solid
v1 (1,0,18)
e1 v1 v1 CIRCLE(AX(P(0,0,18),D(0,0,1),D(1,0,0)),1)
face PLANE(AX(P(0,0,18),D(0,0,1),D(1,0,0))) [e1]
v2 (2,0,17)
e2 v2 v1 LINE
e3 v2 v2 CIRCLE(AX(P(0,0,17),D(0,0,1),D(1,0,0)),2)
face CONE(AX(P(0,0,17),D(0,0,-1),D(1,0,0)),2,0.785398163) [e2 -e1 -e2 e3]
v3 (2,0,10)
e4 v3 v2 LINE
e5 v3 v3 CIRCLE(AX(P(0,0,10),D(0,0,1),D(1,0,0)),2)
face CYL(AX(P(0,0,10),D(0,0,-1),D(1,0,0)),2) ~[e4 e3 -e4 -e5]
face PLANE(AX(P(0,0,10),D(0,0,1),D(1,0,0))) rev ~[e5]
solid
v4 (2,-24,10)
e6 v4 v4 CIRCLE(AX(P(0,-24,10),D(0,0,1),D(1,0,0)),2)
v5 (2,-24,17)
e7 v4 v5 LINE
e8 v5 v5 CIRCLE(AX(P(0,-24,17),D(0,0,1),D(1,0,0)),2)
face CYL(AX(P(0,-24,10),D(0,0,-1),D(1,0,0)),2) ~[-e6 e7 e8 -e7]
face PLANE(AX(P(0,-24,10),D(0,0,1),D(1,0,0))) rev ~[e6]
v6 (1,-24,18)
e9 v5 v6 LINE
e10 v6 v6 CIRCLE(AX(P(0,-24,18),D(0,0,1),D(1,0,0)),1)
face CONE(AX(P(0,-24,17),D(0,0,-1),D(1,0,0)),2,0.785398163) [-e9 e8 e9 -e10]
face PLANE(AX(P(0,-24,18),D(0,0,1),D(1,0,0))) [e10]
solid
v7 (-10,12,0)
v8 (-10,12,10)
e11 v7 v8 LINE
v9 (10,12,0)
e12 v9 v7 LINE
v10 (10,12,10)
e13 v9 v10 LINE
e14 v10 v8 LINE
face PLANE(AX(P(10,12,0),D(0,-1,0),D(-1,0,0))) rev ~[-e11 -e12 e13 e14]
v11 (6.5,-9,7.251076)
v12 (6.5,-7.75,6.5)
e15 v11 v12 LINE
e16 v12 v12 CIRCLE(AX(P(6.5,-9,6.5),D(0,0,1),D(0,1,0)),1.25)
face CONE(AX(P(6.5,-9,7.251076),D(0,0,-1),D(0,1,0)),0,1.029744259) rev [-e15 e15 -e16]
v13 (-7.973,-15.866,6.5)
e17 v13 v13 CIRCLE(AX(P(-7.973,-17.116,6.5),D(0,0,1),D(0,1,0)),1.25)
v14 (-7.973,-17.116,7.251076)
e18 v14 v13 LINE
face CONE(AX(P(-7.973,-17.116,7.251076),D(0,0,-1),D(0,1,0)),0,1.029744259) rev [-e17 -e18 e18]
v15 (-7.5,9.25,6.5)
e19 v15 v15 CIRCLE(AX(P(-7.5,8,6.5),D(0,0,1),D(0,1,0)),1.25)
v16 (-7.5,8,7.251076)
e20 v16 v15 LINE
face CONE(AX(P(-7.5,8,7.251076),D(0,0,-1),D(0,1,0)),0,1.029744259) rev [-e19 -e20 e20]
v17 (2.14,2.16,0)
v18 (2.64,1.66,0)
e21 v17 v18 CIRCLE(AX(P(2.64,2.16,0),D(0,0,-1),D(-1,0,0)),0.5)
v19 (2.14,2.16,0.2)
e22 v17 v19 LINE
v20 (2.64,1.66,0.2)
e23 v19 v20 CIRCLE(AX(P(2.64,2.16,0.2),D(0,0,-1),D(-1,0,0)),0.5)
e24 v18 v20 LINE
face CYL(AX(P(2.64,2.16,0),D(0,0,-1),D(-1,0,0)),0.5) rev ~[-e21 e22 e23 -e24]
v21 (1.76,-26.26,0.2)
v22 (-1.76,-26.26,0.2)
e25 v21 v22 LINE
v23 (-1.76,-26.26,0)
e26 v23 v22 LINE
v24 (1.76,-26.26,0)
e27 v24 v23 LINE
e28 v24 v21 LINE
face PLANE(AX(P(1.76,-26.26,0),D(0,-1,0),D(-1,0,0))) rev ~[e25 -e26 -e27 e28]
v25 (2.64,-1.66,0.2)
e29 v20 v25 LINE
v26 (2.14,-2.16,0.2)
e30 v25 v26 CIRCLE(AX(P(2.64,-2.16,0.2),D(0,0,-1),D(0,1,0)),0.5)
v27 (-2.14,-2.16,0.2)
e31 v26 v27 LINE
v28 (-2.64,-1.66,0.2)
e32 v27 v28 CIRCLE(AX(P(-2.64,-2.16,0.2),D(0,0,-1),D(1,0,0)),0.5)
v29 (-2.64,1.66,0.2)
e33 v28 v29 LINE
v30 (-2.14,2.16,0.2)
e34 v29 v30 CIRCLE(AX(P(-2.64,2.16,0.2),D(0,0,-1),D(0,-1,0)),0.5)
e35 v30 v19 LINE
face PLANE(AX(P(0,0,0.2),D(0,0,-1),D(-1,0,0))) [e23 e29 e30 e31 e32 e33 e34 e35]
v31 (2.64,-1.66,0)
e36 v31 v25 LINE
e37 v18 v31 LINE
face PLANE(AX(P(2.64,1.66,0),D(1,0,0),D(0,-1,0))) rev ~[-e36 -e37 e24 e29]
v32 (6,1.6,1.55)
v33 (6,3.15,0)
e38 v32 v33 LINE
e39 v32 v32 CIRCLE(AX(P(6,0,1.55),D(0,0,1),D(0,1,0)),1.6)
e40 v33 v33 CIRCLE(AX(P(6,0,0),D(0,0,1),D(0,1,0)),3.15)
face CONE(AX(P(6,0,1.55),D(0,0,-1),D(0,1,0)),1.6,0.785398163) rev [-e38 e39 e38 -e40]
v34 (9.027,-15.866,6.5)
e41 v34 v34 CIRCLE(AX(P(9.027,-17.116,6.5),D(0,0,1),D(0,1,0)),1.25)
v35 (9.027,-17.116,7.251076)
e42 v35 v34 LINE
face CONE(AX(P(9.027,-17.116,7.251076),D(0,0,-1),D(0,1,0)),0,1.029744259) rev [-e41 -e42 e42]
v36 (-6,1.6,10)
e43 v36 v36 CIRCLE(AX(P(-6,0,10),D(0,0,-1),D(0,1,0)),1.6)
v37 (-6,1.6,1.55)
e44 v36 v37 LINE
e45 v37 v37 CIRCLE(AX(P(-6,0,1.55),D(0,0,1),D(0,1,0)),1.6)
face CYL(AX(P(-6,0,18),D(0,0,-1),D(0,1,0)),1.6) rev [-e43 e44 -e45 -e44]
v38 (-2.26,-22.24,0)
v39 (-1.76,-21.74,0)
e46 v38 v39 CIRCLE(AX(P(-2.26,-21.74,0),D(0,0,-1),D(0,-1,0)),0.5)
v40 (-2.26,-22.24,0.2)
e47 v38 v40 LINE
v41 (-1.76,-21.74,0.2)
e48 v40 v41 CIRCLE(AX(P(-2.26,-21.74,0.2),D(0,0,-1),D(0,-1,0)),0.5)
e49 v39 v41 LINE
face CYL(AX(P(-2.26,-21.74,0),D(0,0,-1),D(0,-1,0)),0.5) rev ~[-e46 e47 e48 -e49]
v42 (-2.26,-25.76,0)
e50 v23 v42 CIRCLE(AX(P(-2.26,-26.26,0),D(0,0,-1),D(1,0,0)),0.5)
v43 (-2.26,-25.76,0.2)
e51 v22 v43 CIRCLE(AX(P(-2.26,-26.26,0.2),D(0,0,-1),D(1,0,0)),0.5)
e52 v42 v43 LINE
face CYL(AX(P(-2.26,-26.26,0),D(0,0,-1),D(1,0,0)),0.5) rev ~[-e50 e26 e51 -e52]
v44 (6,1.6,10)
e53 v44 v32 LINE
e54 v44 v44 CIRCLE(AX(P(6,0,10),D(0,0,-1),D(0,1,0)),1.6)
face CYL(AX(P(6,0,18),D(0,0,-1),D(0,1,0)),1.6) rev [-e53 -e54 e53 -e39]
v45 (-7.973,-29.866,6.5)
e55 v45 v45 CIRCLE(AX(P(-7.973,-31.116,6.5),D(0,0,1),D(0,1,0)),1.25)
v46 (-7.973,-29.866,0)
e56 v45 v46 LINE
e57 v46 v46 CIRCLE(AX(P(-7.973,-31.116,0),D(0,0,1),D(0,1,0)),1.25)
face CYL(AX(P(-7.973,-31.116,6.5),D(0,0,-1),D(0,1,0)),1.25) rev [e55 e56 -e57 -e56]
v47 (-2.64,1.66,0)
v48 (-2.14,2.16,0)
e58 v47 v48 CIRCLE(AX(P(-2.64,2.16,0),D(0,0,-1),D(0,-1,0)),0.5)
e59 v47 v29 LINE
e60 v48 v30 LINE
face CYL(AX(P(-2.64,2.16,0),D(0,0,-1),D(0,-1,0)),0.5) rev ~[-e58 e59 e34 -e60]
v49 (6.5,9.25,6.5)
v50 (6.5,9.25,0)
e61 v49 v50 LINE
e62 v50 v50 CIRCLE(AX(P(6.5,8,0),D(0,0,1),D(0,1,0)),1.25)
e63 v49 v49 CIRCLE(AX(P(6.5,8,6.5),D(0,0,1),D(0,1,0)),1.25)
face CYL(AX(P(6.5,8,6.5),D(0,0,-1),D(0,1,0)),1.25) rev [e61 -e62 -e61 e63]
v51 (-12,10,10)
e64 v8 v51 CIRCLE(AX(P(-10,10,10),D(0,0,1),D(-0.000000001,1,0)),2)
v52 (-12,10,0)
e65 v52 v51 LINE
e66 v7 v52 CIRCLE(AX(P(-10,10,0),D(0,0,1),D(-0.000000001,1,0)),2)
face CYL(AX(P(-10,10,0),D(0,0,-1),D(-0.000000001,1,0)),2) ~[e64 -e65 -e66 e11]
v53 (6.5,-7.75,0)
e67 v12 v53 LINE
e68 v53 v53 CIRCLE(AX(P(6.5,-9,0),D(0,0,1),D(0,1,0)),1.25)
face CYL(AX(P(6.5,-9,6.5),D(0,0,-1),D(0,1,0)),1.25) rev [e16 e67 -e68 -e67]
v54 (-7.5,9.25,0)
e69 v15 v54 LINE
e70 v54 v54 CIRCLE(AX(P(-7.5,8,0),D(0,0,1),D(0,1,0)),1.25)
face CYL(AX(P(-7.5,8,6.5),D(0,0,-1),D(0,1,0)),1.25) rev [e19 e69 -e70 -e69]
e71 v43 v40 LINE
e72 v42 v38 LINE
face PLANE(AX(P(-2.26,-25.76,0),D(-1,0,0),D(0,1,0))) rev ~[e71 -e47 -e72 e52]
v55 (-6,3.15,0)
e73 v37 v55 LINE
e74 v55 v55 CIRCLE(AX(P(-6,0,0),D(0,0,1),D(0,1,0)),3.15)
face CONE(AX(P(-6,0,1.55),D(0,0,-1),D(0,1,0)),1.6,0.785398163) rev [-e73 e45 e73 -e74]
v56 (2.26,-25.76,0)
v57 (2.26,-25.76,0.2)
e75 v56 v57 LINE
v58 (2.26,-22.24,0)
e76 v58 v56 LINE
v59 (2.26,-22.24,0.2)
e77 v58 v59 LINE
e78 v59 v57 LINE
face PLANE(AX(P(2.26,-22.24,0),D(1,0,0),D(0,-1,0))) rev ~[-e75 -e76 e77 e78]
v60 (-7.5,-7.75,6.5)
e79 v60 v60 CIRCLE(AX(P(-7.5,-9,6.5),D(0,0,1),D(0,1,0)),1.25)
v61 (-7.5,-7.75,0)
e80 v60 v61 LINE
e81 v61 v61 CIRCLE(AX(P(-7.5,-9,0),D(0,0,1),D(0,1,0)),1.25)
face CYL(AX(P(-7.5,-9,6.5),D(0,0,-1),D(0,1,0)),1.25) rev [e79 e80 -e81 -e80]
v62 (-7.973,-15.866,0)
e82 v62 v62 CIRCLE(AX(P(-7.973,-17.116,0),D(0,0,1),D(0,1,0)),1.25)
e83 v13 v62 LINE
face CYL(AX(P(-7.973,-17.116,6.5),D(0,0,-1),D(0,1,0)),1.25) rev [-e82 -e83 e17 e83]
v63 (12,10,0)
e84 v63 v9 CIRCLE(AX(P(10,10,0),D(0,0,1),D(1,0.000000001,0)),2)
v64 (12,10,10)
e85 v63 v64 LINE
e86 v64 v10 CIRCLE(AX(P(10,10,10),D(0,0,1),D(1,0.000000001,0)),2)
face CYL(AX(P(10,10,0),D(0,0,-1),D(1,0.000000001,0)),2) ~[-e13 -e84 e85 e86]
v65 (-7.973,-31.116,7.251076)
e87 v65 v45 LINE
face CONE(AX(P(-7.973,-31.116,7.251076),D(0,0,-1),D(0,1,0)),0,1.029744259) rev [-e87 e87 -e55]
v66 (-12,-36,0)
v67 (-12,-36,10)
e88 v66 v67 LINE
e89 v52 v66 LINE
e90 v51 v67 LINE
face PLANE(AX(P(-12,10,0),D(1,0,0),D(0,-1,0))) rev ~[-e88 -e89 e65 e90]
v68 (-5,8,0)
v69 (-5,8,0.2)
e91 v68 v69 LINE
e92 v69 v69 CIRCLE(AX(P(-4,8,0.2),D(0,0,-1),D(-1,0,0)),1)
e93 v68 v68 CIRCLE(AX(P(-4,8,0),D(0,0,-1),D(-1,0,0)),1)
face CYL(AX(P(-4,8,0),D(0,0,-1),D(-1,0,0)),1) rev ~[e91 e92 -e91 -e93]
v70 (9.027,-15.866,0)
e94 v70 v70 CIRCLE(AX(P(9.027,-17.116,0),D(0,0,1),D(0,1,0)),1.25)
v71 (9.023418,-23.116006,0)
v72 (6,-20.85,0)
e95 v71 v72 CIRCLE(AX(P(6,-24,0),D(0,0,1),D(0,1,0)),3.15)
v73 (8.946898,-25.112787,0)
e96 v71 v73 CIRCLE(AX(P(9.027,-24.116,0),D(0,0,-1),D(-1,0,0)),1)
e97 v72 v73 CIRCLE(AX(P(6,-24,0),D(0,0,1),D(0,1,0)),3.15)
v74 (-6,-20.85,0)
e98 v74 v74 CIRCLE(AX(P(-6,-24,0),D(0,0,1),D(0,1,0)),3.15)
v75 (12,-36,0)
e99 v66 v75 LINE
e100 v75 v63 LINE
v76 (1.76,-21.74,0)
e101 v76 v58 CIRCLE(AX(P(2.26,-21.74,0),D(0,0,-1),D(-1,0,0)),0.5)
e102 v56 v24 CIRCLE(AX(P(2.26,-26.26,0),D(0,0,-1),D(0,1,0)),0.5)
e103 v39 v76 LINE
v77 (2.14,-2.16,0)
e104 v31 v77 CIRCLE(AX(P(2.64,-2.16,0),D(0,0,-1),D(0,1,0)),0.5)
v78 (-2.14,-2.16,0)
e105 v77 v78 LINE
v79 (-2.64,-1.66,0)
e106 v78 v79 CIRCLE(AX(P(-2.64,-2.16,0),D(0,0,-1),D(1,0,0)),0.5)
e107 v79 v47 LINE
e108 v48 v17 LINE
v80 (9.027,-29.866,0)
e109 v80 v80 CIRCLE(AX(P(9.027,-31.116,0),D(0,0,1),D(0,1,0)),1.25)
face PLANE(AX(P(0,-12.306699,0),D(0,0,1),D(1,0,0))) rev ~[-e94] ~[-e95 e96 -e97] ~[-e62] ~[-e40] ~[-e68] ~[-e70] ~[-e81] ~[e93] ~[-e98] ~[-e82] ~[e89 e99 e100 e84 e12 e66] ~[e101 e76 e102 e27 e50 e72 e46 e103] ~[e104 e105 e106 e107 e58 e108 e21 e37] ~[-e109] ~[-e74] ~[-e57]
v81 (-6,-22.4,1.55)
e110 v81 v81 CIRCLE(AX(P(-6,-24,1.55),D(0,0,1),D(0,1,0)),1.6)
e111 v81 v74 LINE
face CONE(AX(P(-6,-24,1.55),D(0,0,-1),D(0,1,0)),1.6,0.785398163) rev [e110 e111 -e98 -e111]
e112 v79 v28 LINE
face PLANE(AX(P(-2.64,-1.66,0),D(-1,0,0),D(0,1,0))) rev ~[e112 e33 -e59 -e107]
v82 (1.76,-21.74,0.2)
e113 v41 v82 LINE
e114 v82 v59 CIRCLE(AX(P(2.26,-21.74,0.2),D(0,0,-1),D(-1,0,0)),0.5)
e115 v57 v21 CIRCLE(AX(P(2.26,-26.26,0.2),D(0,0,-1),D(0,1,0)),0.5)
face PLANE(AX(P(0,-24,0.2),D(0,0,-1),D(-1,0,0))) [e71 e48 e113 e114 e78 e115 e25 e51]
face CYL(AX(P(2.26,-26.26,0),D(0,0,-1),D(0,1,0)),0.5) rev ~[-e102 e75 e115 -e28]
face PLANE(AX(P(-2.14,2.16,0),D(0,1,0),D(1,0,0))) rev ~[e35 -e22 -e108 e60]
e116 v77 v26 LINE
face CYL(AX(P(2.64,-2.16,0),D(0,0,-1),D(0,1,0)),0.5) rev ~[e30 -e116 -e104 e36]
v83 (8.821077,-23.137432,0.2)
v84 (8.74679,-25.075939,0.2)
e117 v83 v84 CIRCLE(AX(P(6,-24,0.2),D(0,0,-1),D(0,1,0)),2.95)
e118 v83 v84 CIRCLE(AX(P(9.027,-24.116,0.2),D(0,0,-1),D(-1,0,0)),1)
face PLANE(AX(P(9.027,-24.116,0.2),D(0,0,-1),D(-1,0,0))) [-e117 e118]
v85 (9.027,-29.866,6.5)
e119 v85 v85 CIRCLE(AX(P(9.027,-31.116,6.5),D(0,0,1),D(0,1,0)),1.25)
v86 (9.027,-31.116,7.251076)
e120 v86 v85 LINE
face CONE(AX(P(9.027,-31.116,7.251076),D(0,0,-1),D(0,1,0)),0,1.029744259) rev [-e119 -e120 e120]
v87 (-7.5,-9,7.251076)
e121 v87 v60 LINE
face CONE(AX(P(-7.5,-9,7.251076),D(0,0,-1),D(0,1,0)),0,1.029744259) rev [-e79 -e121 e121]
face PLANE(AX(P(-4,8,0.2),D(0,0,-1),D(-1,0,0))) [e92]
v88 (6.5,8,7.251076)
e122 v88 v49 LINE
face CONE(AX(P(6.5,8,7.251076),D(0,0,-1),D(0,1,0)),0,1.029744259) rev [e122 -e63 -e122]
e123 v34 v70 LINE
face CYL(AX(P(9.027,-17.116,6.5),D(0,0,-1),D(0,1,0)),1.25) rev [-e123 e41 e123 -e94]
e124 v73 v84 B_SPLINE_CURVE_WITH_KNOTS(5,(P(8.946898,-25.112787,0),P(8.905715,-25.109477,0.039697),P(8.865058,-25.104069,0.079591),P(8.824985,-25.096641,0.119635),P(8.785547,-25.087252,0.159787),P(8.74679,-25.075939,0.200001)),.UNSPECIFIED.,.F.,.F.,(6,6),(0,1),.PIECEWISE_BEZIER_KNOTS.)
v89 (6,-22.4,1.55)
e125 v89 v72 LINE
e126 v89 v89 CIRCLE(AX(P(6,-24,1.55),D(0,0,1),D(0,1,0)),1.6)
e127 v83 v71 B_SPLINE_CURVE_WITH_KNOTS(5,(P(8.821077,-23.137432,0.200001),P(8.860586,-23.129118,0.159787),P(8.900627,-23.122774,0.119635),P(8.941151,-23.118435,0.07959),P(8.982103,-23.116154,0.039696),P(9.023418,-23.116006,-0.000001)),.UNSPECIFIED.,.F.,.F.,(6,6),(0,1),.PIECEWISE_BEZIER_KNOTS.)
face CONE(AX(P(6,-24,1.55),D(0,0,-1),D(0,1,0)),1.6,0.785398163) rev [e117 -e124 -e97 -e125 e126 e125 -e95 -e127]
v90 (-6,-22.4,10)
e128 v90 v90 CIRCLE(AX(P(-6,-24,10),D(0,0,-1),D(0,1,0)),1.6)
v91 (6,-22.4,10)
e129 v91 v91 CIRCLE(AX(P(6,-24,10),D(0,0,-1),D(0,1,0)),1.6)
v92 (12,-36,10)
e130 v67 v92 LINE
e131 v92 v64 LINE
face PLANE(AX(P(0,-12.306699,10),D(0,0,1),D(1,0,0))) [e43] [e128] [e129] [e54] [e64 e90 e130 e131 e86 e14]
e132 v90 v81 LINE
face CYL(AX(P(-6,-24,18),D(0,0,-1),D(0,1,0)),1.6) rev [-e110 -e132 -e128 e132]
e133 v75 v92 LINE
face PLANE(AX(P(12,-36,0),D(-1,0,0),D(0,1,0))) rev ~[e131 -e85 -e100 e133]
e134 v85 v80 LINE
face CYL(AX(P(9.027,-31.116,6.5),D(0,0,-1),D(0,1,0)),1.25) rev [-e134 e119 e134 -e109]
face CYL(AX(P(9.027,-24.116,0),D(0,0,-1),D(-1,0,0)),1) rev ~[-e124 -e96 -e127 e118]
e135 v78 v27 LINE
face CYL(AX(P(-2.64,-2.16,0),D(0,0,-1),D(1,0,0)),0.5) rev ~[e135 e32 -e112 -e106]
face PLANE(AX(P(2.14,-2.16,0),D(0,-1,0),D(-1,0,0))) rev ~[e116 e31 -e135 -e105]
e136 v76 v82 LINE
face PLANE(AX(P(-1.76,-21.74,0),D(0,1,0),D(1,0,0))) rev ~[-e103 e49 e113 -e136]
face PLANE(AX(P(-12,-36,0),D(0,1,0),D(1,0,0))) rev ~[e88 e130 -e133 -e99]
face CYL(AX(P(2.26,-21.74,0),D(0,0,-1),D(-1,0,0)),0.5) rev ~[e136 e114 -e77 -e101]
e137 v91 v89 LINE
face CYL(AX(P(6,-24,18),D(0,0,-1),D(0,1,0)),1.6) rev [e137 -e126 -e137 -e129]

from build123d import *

# Parameters (mm, degrees)
BOSS_EXTRUDE1_DEPTH        = 10
SKETCH2_R                  = 1
CUT_EXTRUDE1_DEPTH         = 0.2
SKETCH3_R                  = 2
BOSS_EXTRUDE2_DEPTH        = 8
BOSS_EXTRUDE2_2_DEPTH      = 8
HOLE_WIZARD_M31_AT_2_COUNT = 2
HOLE_WIZARD_M31_AT_2_PITCH = 12
HOLE_WIZARD_M31_AT_3_COUNT = 2
HOLE_WIZARD_M31_AT_3_PITCH = 26.83281573
HOLE_WIZARD_M31_AT_4_COUNT = 2
HOLE_WIZARD_M31_AT_4_PITCH = 24
M3X0_51_AT_2_COUNT         = 2
M3X0_51_AT_2_PITCH         = 8.500304995
M3X0_51_AT_3_COUNT         = 2
M3X0_51_AT_3_PITCH         = 16.593287348
M3X0_51_AT_4_COUNT         = 2
M3X0_51_AT_4_PITCH         = 14
M3X0_51_AT_5_COUNT         = 2
M3X0_51_AT_5_PITCH         = 22.022715546
M3X0_51_AT_6_COUNT         = 2
M3X0_51_AT_6_PITCH         = 17
M3X0_51_AT_7_COUNT         = 2
M3X0_51_AT_7_PITCH         = 22.259900831
M3X0_51_AT_8_COUNT         = 2
M3X0_51_AT_8_PITCH         = 26.430762096
CHAMFER_1_SIZE             = 1
CHAMFER_2_SIZE             = 1


with BuildPart() as part:
    # Sketch1 → Boss-Extrude1 (new body)
    with BuildSketch(Plane.XY):
        with BuildLine():
            Line((-12, -36), (12, -36))
            Line((12, -36), (12, 10))
            ThreePointArc((12, 10), (11.414213562, 11.414213562), (10, 12))
            Line((10, 12), (-10, 12))
            ThreePointArc((-10, 12), (-11.414213562, 11.414213562), (-12, 10))
            Line((-12, 10), (-12, -36))
        make_face()
    extrude(amount=BOSS_EXTRUDE1_DEPTH)

    # Sketch2 → Cut-Extrude1 (cut)
    with BuildSketch(Plane(origin=(0, 0, 0), x_dir=(-1, 0, 0), z_dir=(0, 0, -1))):
        with Locations((4, 8)):
            Circle(SKETCH2_R)
        with Locations((-9.027, -24.116)):
            Circle(SKETCH2_R)
        with BuildLine():
            Line((-2.14, -2.16), (2.14, -2.16))
            ThreePointArc((2.14, -2.16), (2.993553391, -2.513553391), (2.64, -1.66))
            Line((2.64, -1.66), (2.64, 1.66))
            ThreePointArc((2.64, 1.66), (2.993553391, 2.513553391), (2.14, 2.16))
            Line((2.14, 2.16), (-2.14, 2.16))
            ThreePointArc((-2.14, 2.16), (-2.993553391, 2.513553391), (-2.64, 1.66))
            Line((-2.64, 1.66), (-2.64, -1.66))
            ThreePointArc((-2.64, -1.66), (-2.993553391, -2.513553391), (-2.14, -2.16))
        make_face()
        with BuildLine():
            Line((2.26, -25.76), (2.26, -22.24))
            ThreePointArc((2.26, -22.24), (2.613553391, -21.386446609), (1.76, -21.74))
            Line((1.76, -21.74), (-1.76, -21.74))
            ThreePointArc((-1.76, -21.74), (-2.613553391, -21.386446609), (-2.26, -22.24))
            Line((-2.26, -22.24), (-2.26, -25.76))
            ThreePointArc((-2.26, -25.76), (-2.613553391, -26.613553391), (-1.76, -26.26))
            Line((-1.76, -26.26), (1.76, -26.26))
            ThreePointArc((1.76, -26.26), (2.613553391, -26.613553391), (2.26, -25.76))
        make_face()
    extrude(amount=-CUT_EXTRUDE1_DEPTH, mode=Mode.SUBTRACT)

    # Sketch7 → Зенковка для  винта с полупотайной головкой M31 (revolve, cut)
    with BuildSketch(Plane.YZ.offset(-6)):
        Polygon((0, 0), (0, 18), (1.6, 18), (1.6, 1.55), (3.15, 0), align=None)
    hole_wizard_m31 = revolve(axis=Axis((-6, 0, -6.35), (0, 0, 1)), mode=Mode.SUBTRACT)

    # Зенковка для  винта с полупотайной головкой M31 at 2: Зенковка для  винта с полупотайной головкой M31 ×2
    with Locations(*[(i * HOLE_WIZARD_M31_AT_2_PITCH, 0, 0) for i in range(1, HOLE_WIZARD_M31_AT_2_COUNT)]):
        add(hole_wizard_m31, mode=Mode.SUBTRACT)

    # Зенковка для  винта с полупотайной головкой M31 at 3: Зенковка для  винта с полупотайной головкой M31 ×2
    with Locations(*[Vector(0.447213595, -0.894427191, 0) * (i * HOLE_WIZARD_M31_AT_3_PITCH) for i in range(1, HOLE_WIZARD_M31_AT_3_COUNT)]):
        add(hole_wizard_m31, mode=Mode.SUBTRACT)

    # Зенковка для  винта с полупотайной головкой M31 at 4: Зенковка для  винта с полупотайной головкой M31 ×2
    with Locations(*[(0, -i * HOLE_WIZARD_M31_AT_4_PITCH, 0) for i in range(1, HOLE_WIZARD_M31_AT_4_COUNT)]):
        add(hole_wizard_m31, mode=Mode.SUBTRACT)

    # Эскиз1 → Отверстие обработанное метчиком M3x0.51 (revolve, cut)
    with BuildSketch(Plane(origin=(6.5, -9, 0), x_dir=(0, 1, 0), z_dir=(1, 0, 0))):
        Polygon((0, 0), (0, 7.251075774), (1.25, 6.5), (1.25, 0), align=None)
    m3x0_51 = revolve(axis=Axis((6.5, -9, -6.35), (0, 0, 1)), mode=Mode.SUBTRACT)

    # Отверстие обработанное метчиком M3x0.51 at 2: Отверстие обработанное метчиком M3x0.51 ×2
    with Locations(*[Vector(0.297283451, -0.95478927, 0) * (i * M3X0_51_AT_2_PITCH) for i in range(1, M3X0_51_AT_2_COUNT)]):
        add(m3x0_51, mode=Mode.SUBTRACT)

    # Отверстие обработанное метчиком M3x0.51 at 3: Отверстие обработанное метчиком M3x0.51 ×2
    with Locations(*[Vector(-0.872220175, -0.489113449, 0) * (i * M3X0_51_AT_3_PITCH) for i in range(1, M3X0_51_AT_3_COUNT)]):
        add(m3x0_51, mode=Mode.SUBTRACT)

    # Отверстие обработанное метчиком M3x0.51 at 4: Отверстие обработанное метчиком M3x0.51 ×2
    with Locations(*[(-i * M3X0_51_AT_4_PITCH, 0, 0) for i in range(1, M3X0_51_AT_4_COUNT)]):
        add(m3x0_51, mode=Mode.SUBTRACT)

    # Отверстие обработанное метчиком M3x0.51 at 5: Отверстие обработанное метчиком M3x0.51 ×2
    with Locations(*[Vector(-0.635707253, 0.771930236, 0) * (i * M3X0_51_AT_5_PITCH) for i in range(1, M3X0_51_AT_5_COUNT)]):
        add(m3x0_51, mode=Mode.SUBTRACT)

    # Отверстие обработанное метчиком M3x0.51 at 6: Отверстие обработанное метчиком M3x0.51 ×2
    with Locations(*[(0, i * M3X0_51_AT_6_PITCH, 0) for i in range(1, M3X0_51_AT_6_COUNT)]):
        add(m3x0_51, mode=Mode.SUBTRACT)

    # Отверстие обработанное метчиком M3x0.51 at 7: Отверстие обработанное метчиком M3x0.51 ×2
    with Locations(*[Vector(0.113522518, -0.993535424, 0) * (i * M3X0_51_AT_7_PITCH) for i in range(1, M3X0_51_AT_7_COUNT)]):
        add(m3x0_51, mode=Mode.SUBTRACT)

    # Отверстие обработанное метчиком M3x0.51 at 8: Отверстие обработанное метчиком M3x0.51 ×2
    with Locations(*[Vector(-0.547581638, -0.836752263, 0) * (i * M3X0_51_AT_8_PITCH) for i in range(1, M3X0_51_AT_8_COUNT)]):
        add(m3x0_51, mode=Mode.SUBTRACT)


with BuildPart() as body_2:
    # Sketch3 → Boss-Extrude2 (new body)
    with BuildSketch(Plane.XY.offset(10)):
        Circle(SKETCH3_R)
    extrude(amount=BOSS_EXTRUDE2_DEPTH)

    # Фаска1
    chamfer_1_edges = [body_2.edges().sort_by_distance(p)[0] for p in [
        (-2, 0, 18),
    ]]
    chamfer(chamfer_1_edges, length=CHAMFER_1_SIZE)


with BuildPart() as body_3:
    # Sketch3 → Boss-Extrude2 2 (new body)
    with BuildSketch(Plane.XY.offset(10)):
        with Locations((0, -24)):
            Circle(SKETCH3_R)
    extrude(amount=BOSS_EXTRUDE2_2_DEPTH)

    # Фаска2
    chamfer_2_edges = [body_3.edges().sort_by_distance(p)[0] for p in [
        (-2, -24, 18),
    ]]
    chamfer(chamfer_2_edges, length=CHAMFER_2_SIZE)


solid = Compound([part.part, body_2.part, body_3.part])
